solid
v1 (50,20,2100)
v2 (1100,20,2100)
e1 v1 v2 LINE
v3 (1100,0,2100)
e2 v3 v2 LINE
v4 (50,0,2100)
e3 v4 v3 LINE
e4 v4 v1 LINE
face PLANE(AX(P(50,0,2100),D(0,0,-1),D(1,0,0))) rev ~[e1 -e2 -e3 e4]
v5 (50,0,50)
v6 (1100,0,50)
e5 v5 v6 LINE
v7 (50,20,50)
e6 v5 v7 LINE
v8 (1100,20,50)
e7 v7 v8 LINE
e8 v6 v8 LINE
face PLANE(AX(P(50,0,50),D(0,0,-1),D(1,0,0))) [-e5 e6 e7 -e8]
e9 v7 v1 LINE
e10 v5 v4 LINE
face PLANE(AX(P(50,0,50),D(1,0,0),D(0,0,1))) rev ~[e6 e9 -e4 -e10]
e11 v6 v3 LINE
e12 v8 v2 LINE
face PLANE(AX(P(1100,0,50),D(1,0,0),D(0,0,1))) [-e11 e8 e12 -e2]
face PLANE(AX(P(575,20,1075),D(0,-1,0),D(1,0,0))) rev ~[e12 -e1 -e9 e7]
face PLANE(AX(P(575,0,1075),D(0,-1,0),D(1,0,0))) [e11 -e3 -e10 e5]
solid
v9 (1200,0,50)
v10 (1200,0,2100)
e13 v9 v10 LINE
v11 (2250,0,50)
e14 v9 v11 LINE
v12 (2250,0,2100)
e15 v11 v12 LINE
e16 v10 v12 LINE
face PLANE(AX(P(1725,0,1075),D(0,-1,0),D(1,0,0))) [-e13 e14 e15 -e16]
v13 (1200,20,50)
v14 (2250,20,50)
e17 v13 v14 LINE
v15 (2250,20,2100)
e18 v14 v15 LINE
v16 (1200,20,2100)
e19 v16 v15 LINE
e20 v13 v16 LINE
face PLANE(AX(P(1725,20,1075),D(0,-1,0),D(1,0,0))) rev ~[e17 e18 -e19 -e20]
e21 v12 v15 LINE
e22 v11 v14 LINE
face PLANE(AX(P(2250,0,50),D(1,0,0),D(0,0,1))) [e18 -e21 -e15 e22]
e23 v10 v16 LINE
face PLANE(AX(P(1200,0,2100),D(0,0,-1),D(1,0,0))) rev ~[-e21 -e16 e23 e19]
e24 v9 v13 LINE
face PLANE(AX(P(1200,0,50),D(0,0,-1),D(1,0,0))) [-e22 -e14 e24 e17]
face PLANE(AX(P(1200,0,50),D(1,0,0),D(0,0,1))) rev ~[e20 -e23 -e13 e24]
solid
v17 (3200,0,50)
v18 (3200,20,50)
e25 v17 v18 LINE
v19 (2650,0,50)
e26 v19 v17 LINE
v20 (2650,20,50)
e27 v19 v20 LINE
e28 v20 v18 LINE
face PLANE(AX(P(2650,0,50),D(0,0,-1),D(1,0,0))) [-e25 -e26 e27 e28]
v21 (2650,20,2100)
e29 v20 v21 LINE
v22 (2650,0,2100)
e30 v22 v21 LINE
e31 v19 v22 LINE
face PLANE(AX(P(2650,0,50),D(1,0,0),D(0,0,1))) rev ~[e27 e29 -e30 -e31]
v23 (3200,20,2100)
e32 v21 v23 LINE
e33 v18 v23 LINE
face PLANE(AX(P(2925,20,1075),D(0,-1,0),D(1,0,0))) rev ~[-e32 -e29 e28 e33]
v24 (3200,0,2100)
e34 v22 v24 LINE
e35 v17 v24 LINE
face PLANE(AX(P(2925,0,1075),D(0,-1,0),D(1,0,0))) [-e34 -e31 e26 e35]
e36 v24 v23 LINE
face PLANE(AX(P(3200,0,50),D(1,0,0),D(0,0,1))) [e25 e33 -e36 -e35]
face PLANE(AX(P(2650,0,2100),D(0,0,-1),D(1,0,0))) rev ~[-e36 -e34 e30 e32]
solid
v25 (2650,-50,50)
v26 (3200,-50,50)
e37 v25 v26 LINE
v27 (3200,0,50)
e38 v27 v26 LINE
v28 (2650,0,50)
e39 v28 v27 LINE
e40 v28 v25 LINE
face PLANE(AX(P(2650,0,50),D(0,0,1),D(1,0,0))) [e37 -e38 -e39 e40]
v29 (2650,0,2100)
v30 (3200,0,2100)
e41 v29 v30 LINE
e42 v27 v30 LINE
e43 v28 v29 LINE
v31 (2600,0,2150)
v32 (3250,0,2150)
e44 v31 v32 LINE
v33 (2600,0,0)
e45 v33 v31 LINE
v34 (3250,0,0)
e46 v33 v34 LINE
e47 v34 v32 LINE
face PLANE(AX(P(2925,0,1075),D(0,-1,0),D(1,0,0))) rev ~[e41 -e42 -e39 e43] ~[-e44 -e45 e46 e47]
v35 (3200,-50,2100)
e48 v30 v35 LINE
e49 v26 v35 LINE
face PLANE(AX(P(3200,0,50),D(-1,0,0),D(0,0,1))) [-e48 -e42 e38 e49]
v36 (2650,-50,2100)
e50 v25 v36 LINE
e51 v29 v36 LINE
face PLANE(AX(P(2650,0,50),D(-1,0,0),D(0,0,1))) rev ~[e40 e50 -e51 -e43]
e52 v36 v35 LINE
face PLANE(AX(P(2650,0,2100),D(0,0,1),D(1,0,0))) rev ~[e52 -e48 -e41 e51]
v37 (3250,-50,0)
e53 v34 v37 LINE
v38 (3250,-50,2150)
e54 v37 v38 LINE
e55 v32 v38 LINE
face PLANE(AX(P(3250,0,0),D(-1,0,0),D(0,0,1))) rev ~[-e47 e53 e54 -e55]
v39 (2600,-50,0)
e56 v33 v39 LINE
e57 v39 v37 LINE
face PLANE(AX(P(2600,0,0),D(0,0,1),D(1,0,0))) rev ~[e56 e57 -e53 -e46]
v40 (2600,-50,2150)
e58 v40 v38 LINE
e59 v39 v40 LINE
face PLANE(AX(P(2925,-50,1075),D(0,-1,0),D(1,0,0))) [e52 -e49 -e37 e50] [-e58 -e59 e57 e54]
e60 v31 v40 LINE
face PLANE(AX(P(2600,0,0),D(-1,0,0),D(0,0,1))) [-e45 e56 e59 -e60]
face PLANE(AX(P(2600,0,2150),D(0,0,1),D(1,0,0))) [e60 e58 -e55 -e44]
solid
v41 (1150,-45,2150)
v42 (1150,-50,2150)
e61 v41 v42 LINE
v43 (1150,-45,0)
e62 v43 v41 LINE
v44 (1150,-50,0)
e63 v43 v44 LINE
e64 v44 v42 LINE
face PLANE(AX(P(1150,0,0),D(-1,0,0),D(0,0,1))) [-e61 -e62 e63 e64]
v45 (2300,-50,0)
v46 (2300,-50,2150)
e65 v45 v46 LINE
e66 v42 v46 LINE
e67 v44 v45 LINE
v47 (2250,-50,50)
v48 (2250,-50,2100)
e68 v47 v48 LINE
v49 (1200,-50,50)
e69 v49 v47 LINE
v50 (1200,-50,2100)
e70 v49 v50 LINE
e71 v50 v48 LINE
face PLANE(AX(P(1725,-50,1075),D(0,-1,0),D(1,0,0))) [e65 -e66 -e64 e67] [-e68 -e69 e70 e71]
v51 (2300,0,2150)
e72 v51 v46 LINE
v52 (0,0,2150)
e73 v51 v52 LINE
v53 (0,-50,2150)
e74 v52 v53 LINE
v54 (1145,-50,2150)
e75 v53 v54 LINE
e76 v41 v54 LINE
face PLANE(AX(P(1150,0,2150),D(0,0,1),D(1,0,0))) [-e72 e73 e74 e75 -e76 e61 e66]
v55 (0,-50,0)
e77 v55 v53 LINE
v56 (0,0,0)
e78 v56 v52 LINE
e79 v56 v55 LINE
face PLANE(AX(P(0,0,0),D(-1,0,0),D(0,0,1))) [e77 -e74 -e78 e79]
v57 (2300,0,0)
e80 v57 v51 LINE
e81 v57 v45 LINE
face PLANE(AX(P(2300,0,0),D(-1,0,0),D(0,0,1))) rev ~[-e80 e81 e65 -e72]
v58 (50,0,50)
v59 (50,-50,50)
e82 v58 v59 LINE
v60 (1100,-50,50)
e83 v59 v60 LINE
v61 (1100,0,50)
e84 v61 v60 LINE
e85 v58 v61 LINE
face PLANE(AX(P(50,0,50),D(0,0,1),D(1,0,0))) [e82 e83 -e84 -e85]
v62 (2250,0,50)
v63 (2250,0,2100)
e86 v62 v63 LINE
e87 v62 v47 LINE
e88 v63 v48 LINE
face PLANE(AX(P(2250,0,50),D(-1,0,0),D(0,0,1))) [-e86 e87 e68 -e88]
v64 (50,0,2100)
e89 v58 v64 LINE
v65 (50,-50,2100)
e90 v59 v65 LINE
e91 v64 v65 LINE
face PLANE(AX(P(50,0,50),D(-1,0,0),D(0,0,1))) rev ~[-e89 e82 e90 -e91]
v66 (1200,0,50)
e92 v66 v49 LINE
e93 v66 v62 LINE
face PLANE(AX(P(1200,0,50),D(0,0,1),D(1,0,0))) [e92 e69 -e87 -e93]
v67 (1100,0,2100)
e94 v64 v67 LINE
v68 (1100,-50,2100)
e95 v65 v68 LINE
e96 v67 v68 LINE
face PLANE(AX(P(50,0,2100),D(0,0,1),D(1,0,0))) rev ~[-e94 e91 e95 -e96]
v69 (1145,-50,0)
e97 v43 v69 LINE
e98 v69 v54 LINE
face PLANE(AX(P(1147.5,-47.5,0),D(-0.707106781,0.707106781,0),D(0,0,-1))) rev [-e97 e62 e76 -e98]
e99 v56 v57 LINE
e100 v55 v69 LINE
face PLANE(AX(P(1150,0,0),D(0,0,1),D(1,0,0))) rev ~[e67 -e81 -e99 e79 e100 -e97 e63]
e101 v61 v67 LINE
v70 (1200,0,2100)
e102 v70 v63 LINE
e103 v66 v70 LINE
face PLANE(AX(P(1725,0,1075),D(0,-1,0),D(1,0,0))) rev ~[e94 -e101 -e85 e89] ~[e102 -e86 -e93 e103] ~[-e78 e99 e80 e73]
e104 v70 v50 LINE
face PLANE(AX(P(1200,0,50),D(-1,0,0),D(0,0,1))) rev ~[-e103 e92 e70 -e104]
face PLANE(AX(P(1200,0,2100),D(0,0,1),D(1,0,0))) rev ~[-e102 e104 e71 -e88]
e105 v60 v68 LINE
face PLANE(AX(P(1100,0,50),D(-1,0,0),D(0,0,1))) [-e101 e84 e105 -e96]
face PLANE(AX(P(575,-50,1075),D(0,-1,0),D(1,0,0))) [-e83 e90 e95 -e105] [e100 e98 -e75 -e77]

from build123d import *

# Parameters (mm, degrees)
F0_W     = 1150
F0_H     = 2150
F0_W_2   = 1050
F0_H_2   = 2050
F1_DEPTH = 50
F2_SIZE  = 5
F3_DEPTH = 50
F0_W_3   = 650
F0_W_4   = 550
F4_DEPTH = 50
F5_DEPTH = 20


with BuildPart() as f1:
    # F0 (on Front) → F1 (new body)
    with BuildSketch(Plane.XZ):
        with Locations((575, 1075)):
            Rectangle(F0_W, F0_H)
        with Locations((575, 1075)):
            Rectangle(F0_W_2, F0_H_2, mode=Mode.SUBTRACT)
    extrude(amount=F1_DEPTH)

    # F2
    f2_edges = [f1.edges().sort_by_distance(p)[0] for p in [
        (1150, -50, 1075),
    ]]
    chamfer(f2_edges, length=F2_SIZE)

    # F0 (on Front) → F3 (join)
    with BuildSketch(Plane.XZ):
        with Locations((1725, 1075)):
            Rectangle(F0_W, F0_H)
        with Locations((1725, 1075)):
            Rectangle(F0_W_2, F0_H_2, mode=Mode.SUBTRACT)
    extrude(amount=F3_DEPTH)


with BuildPart() as f4:
    # F0 (on Front) → F4 (new body)
    with BuildSketch(Plane.XZ):
        with Locations((2925, 1075)):
            Rectangle(F0_W_3, F0_H)
        with Locations((2925, 1075)):
            Rectangle(F0_W_4, F0_H_2, mode=Mode.SUBTRACT)
    extrude(amount=F4_DEPTH)


with BuildPart() as f5:
    # F0 (on Front) → F5 (new body)
    with BuildSketch(Plane.XZ):
        with Locations((575, 1075)):
            Rectangle(F0_W_2, F0_H_2)
        with Locations((1725, 1075)):
            Rectangle(F0_W_2, F0_H_2)
        with Locations((2925, 1075)):
            Rectangle(F0_W_4, F0_H_2)
    extrude(amount=-F5_DEPTH)


solid = Compound([f1.part, f4.part, f5.part])
